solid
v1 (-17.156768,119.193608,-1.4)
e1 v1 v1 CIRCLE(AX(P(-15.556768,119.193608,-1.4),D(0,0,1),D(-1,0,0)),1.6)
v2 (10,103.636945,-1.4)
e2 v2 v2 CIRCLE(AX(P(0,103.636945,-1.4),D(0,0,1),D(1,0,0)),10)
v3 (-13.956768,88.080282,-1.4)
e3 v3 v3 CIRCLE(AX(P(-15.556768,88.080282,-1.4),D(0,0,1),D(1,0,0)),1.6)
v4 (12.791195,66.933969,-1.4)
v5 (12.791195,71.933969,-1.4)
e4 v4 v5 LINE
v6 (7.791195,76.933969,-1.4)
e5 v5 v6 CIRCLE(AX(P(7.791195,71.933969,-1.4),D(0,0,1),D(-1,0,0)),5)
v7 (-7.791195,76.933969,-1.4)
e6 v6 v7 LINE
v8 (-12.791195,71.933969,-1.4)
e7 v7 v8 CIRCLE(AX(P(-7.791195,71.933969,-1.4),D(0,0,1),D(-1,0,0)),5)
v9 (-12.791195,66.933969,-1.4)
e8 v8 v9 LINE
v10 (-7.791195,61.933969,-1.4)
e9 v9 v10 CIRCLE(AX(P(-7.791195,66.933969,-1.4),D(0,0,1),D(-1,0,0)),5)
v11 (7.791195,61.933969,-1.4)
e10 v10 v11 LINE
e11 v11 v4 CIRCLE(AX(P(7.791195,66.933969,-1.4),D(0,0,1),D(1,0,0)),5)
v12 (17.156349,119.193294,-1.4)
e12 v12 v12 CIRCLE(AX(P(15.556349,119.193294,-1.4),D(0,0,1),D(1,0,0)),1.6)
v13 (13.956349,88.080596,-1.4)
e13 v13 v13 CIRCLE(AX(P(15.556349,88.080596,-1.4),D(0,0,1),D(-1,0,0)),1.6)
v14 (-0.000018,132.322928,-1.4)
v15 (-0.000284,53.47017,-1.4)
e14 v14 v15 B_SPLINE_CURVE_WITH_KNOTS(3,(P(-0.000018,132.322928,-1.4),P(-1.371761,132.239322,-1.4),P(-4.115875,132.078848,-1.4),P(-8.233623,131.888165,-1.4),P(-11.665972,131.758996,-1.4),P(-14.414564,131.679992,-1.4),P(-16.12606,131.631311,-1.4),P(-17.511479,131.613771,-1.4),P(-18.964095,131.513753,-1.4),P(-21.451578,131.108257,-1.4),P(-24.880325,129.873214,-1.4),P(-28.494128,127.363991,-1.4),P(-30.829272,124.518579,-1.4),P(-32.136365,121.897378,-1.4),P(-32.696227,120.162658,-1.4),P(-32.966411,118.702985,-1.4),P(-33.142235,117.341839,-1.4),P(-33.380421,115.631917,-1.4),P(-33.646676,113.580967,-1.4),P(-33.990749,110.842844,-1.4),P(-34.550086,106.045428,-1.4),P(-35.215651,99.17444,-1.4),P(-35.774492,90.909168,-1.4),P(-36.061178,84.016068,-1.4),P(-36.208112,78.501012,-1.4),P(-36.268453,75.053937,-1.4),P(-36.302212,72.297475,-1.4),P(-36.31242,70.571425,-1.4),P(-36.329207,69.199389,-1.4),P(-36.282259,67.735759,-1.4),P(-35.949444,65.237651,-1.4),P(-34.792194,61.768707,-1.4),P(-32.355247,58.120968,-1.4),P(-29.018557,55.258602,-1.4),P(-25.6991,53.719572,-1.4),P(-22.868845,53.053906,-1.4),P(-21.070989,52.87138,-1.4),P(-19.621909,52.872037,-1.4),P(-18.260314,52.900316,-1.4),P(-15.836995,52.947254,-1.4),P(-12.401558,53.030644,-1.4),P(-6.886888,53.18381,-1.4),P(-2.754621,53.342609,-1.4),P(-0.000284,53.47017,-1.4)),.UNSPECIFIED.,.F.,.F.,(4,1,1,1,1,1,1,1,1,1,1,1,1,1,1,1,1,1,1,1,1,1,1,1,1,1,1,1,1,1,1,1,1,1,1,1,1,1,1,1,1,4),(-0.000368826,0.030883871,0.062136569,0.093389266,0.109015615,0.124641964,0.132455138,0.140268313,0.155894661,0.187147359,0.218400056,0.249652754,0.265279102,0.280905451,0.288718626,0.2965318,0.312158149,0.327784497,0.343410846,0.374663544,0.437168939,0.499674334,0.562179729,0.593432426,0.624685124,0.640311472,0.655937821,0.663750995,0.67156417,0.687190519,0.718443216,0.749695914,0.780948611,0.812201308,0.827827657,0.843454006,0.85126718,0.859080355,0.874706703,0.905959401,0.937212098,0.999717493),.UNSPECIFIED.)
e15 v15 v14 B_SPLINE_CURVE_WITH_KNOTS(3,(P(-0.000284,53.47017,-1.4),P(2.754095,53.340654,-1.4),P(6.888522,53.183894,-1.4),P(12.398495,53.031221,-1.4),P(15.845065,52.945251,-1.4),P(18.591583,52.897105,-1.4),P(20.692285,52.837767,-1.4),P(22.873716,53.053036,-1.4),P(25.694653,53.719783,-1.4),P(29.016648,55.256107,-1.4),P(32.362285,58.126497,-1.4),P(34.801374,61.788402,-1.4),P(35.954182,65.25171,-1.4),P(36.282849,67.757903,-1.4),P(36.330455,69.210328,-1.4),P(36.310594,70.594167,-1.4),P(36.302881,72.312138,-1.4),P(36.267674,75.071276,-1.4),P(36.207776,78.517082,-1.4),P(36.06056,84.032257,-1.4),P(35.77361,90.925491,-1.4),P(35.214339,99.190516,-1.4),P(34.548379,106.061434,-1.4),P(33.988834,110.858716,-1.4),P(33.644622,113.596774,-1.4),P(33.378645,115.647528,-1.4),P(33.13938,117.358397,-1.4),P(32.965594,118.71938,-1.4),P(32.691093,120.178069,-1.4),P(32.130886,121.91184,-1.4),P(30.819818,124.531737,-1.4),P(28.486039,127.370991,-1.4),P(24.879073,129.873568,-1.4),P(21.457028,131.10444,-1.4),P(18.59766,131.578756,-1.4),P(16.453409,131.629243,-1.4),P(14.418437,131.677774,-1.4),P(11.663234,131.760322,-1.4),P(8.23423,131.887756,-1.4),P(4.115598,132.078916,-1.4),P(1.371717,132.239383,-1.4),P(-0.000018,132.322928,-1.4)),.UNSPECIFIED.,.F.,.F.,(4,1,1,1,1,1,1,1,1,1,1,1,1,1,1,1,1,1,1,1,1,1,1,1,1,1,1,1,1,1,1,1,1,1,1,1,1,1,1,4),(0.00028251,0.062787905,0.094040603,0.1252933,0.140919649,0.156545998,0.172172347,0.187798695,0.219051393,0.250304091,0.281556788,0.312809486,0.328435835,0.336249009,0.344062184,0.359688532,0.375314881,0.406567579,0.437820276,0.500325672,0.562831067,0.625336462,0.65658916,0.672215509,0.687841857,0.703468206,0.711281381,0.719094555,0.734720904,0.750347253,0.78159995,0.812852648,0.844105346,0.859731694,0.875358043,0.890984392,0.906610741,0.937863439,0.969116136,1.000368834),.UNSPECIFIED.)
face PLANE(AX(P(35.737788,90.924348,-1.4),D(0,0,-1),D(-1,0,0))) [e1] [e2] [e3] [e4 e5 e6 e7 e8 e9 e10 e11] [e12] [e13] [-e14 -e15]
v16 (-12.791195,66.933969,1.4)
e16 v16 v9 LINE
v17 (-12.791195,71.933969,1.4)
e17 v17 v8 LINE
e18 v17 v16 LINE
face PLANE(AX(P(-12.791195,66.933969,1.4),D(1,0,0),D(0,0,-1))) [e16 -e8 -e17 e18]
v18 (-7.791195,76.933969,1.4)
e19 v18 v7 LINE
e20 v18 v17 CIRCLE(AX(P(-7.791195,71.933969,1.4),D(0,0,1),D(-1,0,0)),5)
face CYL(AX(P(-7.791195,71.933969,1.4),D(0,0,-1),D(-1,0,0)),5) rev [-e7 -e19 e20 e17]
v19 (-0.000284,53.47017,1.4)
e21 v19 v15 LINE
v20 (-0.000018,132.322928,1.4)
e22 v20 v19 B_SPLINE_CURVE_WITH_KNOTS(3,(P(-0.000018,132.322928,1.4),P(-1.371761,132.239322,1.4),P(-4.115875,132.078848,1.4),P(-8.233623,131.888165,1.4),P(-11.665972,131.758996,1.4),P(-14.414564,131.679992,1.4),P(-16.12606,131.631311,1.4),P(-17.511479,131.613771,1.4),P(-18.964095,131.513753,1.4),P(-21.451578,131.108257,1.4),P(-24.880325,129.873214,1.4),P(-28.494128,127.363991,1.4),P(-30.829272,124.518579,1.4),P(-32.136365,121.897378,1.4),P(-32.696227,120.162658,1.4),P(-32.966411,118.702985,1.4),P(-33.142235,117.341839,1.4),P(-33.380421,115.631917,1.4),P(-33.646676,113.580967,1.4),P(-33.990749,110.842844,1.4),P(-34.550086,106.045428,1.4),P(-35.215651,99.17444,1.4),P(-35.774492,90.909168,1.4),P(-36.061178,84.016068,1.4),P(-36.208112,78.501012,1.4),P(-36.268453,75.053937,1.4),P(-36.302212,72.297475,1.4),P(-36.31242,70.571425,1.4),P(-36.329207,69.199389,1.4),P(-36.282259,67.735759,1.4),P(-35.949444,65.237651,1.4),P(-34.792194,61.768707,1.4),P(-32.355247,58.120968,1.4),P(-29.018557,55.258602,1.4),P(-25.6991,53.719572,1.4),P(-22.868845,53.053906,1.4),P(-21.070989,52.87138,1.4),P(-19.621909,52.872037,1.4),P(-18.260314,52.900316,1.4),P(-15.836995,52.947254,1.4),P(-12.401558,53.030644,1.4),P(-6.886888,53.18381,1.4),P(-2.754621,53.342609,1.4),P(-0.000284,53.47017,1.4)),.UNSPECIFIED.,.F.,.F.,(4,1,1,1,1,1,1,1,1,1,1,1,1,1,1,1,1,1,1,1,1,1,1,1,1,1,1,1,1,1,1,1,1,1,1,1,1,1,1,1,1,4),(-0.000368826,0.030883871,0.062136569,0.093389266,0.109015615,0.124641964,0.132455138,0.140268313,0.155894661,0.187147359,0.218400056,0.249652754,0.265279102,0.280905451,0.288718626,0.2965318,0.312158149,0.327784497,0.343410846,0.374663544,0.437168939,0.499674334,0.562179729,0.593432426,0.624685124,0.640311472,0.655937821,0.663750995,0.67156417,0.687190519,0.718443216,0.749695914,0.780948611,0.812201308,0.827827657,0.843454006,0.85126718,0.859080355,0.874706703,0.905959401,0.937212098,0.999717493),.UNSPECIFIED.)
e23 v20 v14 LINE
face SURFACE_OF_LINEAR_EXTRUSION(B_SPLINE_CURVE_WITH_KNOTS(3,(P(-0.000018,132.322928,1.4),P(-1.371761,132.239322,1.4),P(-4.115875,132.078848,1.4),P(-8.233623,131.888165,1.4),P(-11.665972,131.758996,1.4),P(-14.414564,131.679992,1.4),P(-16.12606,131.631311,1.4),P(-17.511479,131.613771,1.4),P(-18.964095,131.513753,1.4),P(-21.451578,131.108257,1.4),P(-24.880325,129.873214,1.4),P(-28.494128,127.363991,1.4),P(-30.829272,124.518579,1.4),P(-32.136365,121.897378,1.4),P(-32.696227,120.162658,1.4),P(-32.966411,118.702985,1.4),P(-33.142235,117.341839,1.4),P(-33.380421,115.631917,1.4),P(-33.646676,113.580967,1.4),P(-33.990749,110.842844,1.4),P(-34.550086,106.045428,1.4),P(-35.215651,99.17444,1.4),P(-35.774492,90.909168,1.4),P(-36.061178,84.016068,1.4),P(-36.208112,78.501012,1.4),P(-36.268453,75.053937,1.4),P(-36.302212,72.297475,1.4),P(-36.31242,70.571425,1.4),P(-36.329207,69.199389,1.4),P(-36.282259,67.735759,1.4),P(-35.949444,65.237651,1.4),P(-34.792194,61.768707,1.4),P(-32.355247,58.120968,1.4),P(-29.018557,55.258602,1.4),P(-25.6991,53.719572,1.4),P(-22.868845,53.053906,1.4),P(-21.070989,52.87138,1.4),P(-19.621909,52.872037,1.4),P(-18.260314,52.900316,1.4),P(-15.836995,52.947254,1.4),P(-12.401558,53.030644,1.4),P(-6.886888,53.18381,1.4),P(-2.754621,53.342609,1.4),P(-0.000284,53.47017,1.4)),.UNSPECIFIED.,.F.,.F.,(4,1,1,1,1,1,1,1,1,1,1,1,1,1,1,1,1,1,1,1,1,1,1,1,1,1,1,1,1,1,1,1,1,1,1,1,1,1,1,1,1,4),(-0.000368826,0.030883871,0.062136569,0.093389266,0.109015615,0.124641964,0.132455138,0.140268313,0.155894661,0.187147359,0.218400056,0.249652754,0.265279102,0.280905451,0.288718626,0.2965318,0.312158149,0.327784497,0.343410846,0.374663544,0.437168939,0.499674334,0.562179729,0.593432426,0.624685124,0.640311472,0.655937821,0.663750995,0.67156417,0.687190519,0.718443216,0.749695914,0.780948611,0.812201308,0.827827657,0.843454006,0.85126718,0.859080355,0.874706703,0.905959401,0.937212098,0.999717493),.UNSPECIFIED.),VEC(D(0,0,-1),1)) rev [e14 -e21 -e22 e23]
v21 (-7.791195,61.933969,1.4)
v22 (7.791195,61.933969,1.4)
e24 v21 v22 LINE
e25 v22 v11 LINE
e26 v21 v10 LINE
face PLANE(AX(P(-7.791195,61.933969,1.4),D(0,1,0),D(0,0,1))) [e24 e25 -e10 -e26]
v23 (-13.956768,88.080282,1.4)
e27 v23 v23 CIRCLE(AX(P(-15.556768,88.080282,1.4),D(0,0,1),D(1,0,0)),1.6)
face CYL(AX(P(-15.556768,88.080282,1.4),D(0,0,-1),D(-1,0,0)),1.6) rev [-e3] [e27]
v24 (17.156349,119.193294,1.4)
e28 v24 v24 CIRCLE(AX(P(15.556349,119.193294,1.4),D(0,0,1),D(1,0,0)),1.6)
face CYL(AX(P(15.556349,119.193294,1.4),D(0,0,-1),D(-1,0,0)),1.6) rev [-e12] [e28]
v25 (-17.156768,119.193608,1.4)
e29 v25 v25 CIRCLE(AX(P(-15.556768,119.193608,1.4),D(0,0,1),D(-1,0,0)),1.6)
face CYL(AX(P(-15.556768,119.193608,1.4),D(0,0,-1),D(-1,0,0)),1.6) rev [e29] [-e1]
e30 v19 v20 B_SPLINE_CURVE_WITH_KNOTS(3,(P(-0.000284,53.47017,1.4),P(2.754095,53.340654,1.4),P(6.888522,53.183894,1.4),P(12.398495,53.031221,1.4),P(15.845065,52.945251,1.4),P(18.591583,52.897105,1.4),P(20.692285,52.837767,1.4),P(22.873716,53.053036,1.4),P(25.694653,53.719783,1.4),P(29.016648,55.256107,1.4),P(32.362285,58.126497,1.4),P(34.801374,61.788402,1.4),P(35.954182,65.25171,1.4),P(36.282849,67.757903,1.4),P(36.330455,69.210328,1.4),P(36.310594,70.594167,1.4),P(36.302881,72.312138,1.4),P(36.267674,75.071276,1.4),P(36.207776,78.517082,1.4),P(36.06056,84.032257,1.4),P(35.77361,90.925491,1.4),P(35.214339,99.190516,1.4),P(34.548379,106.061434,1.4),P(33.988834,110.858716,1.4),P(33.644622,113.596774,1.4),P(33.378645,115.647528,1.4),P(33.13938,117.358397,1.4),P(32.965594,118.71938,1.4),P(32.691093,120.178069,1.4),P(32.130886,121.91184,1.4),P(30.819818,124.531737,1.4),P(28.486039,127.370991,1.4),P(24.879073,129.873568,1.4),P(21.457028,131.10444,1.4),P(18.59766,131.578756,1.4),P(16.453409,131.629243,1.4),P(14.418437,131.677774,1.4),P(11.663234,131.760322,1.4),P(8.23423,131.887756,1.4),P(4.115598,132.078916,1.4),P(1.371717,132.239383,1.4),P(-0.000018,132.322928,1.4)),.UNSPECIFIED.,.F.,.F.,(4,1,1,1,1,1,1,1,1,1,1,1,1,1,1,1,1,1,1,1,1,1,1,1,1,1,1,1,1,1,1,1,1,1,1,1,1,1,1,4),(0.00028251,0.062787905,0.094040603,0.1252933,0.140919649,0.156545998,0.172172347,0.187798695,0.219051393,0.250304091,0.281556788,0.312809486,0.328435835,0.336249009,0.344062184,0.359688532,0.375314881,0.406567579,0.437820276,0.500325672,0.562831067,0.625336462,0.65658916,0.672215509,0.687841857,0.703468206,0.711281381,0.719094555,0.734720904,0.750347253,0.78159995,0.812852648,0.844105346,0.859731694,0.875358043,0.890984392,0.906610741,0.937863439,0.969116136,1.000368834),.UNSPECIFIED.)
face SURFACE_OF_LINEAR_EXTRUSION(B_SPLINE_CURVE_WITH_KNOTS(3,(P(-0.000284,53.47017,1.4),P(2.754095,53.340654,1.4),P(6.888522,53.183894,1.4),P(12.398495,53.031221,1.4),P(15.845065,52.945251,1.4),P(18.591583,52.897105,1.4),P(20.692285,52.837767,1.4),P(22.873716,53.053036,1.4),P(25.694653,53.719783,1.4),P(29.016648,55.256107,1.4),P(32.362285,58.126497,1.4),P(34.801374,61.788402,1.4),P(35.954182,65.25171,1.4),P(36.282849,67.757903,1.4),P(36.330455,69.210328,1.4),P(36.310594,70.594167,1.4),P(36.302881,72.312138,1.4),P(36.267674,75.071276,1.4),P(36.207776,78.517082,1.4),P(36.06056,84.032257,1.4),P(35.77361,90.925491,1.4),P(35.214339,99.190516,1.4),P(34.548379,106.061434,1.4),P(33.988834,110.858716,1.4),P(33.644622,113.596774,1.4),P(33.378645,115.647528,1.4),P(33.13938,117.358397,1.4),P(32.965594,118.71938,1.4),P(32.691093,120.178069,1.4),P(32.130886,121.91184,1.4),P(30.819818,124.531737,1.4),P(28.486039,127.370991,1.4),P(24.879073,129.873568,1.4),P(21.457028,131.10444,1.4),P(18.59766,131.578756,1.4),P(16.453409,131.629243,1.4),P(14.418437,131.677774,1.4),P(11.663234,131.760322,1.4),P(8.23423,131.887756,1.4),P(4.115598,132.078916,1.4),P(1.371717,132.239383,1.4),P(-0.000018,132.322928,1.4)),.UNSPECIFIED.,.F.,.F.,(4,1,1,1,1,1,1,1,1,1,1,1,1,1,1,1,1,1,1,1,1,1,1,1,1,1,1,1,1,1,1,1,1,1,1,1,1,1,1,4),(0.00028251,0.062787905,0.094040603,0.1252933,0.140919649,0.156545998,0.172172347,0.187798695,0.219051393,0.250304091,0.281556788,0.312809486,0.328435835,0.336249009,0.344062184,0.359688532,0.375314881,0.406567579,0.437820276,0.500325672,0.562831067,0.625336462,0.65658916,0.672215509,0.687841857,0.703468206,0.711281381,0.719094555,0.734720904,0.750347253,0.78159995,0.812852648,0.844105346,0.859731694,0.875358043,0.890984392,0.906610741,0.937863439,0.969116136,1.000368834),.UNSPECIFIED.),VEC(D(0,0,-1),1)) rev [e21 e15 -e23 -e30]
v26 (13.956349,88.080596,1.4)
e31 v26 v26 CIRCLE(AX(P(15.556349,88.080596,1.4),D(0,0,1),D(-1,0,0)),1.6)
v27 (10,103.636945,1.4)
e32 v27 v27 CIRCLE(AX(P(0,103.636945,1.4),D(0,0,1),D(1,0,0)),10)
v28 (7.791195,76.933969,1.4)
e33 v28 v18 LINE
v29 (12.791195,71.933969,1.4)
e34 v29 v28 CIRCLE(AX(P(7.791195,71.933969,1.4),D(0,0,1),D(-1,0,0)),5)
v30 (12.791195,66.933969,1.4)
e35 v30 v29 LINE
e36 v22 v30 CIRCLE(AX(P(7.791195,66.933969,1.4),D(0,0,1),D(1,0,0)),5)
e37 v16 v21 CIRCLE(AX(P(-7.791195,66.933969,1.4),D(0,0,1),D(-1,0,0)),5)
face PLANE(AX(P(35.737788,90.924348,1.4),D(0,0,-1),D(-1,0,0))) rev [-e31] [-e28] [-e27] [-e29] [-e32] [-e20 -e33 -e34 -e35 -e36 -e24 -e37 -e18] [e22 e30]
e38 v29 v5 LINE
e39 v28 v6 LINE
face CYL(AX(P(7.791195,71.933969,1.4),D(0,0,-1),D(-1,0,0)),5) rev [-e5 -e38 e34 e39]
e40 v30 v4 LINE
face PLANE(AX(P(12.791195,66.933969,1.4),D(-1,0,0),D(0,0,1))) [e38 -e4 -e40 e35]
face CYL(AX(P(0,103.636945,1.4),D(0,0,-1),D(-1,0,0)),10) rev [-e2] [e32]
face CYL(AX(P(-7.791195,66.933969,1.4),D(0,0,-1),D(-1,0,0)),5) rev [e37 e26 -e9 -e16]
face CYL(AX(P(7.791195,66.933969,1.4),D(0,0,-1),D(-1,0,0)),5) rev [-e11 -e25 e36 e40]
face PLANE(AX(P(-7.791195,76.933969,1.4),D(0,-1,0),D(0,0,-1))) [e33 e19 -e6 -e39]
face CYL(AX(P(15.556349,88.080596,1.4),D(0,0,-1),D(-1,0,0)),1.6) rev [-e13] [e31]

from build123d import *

# Parameters (mm, degrees)
SKETCH_1_R      = 1.6
SKETCH_1_R_2    = 10
EXTRUDE_1_DEPTH = 1.4


with BuildPart() as part:
    # Эскиз1 → Бобышка-Вытянуть1 (new, symmetric)
    with BuildSketch(Plane.XY):
        with BuildLine():
            add(Edge.make_bspline(
                [(-1.7704e-05, 132.322927634), (-1.371760751, 132.239321513), (-4.115875402, 132.078848464), (-8.23362328, 131.888165415), (-11.665971505, 131.758996413), (-14.414563819, 131.679991988), (-16.126060302, 131.631310781), (-17.511479305, 131.613771322), (-18.964095222, 131.513752966), (-21.451577661, 131.108256855), (-24.880325382, 129.873214023), (-28.494127818, 127.363991242), (-30.829272052, 124.518578915), (-32.136364771, 121.897378479), (-32.696226695, 120.162658079), (-32.966411068, 118.702984715), (-33.14223462, 117.341838908), (-33.380421376, 115.631916907), (-33.64667589, 113.580967167), (-33.990749122, 110.842843944), (-34.550086386, 106.045428384), (-35.215650903, 99.174439909), (-35.774491941, 90.909168494), (-36.061177897, 84.016068354), (-36.208112448, 78.501012377), (-36.268452632, 75.053936646), (-36.302212301, 72.297474853), (-36.312420398, 70.571424989), (-36.329207438, 69.199388946), (-36.282258703, 67.735758932), (-35.949444135, 65.237651481), (-34.79219419, 61.768706871), (-32.355246519, 58.120967586), (-29.018557138, 55.258602479), (-25.699099626, 53.719572441), (-22.868845204, 53.053905857), (-21.070989309, 52.871379808), (-19.621908648, 52.872036757), (-18.26031434, 52.900316329), (-15.836995212, 52.94725407), (-12.401557847, 53.030644355), (-6.886887794, 53.183810065), (-2.754621268, 53.342609034), (-0.000283533, 53.470169808)],
                knots=[-0.000368826, -0.000368826, -0.000368826, -0.000368826, 0.030883871, 0.062136569, 0.093389266, 0.109015615, 0.124641964, 0.132455138, 0.140268313, 0.155894661, 0.187147359, 0.218400056, 0.249652754, 0.265279102, 0.280905451, 0.288718626, 0.2965318, 0.312158149, 0.327784497, 0.343410846, 0.374663544, 0.437168939, 0.499674334, 0.562179729, 0.593432426, 0.624685124, 0.640311472, 0.655937821, 0.663750995, 0.67156417, 0.687190519, 0.718443216, 0.749695914, 0.780948611, 0.812201308, 0.827827657, 0.843454006, 0.85126718, 0.859080355, 0.874706703, 0.905959401, 0.937212098, 0.999717493, 0.999717493, 0.999717493, 0.999717493], degree=3))
            add(Edge.make_bspline(
                [(-0.000283533, 53.470169808), (2.754094638, 53.340654104), (6.888522349, 53.183893834), (12.398495023, 53.031220703), (15.845065175, 52.945251209), (18.591582756, 52.897105304), (20.692285008, 52.837766734), (22.873716389, 53.05303621), (25.694652964, 53.719782656), (29.016647568, 55.256106575), (32.36228509, 58.126497291), (34.801374071, 61.788402429), (35.954182028, 65.251709655), (36.282848898, 67.757903361), (36.330455103, 69.210327922), (36.310593777, 70.594166967), (36.302880948, 72.312138264), (36.267673514, 75.071275801), (36.207775726, 78.517081752), (36.060560432, 84.032256608), (35.773610412, 90.925490531), (35.214338901, 99.190516354), (34.548378832, 106.061434048), (33.988834203, 110.858715848), (33.644621823, 113.596773986), (33.378644687, 115.647528005), (33.139379753, 117.358397487), (32.965593659, 118.719380489), (32.691093333, 120.178069099), (32.130885586, 121.911840069), (30.819817687, 124.531737315), (28.486038903, 127.370991379), (24.879073128, 129.873567663), (21.45702751, 131.104440235), (18.597659532, 131.57875582), (16.453409051, 131.629242827), (14.418437139, 131.677774082), (11.663233833, 131.760322259), (8.23423005, 131.88775569), (4.115598031, 132.07891565), (1.371717297, 132.23938283), (-1.7704e-05, 132.322927634)],
                knots=[0.00028251, 0.00028251, 0.00028251, 0.00028251, 0.062787905, 0.094040603, 0.1252933, 0.140919649, 0.156545998, 0.172172347, 0.187798695, 0.219051393, 0.250304091, 0.281556788, 0.312809486, 0.328435835, 0.336249009, 0.344062184, 0.359688532, 0.375314881, 0.406567579, 0.437820276, 0.500325672, 0.562831067, 0.625336462, 0.65658916, 0.672215509, 0.687841857, 0.703468206, 0.711281381, 0.719094555, 0.734720904, 0.750347253, 0.78159995, 0.812852648, 0.844105346, 0.859731694, 0.875358043, 0.890984392, 0.906610741, 0.937863439, 0.969116136, 1.000368834, 1.000368834, 1.000368834, 1.000368834], degree=3))
        make_face()
        with Locations((15.556349186, 119.193294207)):
            Circle(SKETCH_1_R, mode=Mode.SUBTRACT)
        with Locations((0, 103.636945021)):
            Circle(SKETCH_1_R_2, mode=Mode.SUBTRACT)
        with Locations(Location((-15.556768202, 119.193608403, 0), (0, 0, 180))):
            Circle(SKETCH_1_R, mode=Mode.SUBTRACT)
        with Locations((-15.556768202, 88.080281639)):
            Circle(SKETCH_1_R, mode=Mode.SUBTRACT)
        with Locations(Location((15.556349186, 88.080595835, 0), (0, 0, 180))):
            Circle(SKETCH_1_R, mode=Mode.SUBTRACT)
        with BuildLine():
            Line((-7.791194804, 61.933969406), (7.791194804, 61.933969406))
            ThreePointArc((7.791194804, 61.933969406), (11.32672871, 63.3984355), (12.791194804, 66.933969406))
            Line((12.791194804, 66.933969406), (12.791194804, 71.933969406))
            ThreePointArc((12.791194804, 71.933969406), (11.32672871, 75.469503312), (7.791194804, 76.933969406))
            Line((7.791194804, 76.933969406), (-7.791194804, 76.933969406))
            ThreePointArc((-7.791194804, 76.933969406), (-11.32672871, 75.469503312), (-12.791194804, 71.933969406))
            Line((-12.791194804, 71.933969406), (-12.791194804, 66.933969406))
            ThreePointArc((-12.791194804, 66.933969406), (-11.32672871, 63.3984355), (-7.791194804, 61.933969406))
        make_face(mode=Mode.SUBTRACT)
    extrude(amount=EXTRUDE_1_DEPTH, both=True)


solid = part.part
